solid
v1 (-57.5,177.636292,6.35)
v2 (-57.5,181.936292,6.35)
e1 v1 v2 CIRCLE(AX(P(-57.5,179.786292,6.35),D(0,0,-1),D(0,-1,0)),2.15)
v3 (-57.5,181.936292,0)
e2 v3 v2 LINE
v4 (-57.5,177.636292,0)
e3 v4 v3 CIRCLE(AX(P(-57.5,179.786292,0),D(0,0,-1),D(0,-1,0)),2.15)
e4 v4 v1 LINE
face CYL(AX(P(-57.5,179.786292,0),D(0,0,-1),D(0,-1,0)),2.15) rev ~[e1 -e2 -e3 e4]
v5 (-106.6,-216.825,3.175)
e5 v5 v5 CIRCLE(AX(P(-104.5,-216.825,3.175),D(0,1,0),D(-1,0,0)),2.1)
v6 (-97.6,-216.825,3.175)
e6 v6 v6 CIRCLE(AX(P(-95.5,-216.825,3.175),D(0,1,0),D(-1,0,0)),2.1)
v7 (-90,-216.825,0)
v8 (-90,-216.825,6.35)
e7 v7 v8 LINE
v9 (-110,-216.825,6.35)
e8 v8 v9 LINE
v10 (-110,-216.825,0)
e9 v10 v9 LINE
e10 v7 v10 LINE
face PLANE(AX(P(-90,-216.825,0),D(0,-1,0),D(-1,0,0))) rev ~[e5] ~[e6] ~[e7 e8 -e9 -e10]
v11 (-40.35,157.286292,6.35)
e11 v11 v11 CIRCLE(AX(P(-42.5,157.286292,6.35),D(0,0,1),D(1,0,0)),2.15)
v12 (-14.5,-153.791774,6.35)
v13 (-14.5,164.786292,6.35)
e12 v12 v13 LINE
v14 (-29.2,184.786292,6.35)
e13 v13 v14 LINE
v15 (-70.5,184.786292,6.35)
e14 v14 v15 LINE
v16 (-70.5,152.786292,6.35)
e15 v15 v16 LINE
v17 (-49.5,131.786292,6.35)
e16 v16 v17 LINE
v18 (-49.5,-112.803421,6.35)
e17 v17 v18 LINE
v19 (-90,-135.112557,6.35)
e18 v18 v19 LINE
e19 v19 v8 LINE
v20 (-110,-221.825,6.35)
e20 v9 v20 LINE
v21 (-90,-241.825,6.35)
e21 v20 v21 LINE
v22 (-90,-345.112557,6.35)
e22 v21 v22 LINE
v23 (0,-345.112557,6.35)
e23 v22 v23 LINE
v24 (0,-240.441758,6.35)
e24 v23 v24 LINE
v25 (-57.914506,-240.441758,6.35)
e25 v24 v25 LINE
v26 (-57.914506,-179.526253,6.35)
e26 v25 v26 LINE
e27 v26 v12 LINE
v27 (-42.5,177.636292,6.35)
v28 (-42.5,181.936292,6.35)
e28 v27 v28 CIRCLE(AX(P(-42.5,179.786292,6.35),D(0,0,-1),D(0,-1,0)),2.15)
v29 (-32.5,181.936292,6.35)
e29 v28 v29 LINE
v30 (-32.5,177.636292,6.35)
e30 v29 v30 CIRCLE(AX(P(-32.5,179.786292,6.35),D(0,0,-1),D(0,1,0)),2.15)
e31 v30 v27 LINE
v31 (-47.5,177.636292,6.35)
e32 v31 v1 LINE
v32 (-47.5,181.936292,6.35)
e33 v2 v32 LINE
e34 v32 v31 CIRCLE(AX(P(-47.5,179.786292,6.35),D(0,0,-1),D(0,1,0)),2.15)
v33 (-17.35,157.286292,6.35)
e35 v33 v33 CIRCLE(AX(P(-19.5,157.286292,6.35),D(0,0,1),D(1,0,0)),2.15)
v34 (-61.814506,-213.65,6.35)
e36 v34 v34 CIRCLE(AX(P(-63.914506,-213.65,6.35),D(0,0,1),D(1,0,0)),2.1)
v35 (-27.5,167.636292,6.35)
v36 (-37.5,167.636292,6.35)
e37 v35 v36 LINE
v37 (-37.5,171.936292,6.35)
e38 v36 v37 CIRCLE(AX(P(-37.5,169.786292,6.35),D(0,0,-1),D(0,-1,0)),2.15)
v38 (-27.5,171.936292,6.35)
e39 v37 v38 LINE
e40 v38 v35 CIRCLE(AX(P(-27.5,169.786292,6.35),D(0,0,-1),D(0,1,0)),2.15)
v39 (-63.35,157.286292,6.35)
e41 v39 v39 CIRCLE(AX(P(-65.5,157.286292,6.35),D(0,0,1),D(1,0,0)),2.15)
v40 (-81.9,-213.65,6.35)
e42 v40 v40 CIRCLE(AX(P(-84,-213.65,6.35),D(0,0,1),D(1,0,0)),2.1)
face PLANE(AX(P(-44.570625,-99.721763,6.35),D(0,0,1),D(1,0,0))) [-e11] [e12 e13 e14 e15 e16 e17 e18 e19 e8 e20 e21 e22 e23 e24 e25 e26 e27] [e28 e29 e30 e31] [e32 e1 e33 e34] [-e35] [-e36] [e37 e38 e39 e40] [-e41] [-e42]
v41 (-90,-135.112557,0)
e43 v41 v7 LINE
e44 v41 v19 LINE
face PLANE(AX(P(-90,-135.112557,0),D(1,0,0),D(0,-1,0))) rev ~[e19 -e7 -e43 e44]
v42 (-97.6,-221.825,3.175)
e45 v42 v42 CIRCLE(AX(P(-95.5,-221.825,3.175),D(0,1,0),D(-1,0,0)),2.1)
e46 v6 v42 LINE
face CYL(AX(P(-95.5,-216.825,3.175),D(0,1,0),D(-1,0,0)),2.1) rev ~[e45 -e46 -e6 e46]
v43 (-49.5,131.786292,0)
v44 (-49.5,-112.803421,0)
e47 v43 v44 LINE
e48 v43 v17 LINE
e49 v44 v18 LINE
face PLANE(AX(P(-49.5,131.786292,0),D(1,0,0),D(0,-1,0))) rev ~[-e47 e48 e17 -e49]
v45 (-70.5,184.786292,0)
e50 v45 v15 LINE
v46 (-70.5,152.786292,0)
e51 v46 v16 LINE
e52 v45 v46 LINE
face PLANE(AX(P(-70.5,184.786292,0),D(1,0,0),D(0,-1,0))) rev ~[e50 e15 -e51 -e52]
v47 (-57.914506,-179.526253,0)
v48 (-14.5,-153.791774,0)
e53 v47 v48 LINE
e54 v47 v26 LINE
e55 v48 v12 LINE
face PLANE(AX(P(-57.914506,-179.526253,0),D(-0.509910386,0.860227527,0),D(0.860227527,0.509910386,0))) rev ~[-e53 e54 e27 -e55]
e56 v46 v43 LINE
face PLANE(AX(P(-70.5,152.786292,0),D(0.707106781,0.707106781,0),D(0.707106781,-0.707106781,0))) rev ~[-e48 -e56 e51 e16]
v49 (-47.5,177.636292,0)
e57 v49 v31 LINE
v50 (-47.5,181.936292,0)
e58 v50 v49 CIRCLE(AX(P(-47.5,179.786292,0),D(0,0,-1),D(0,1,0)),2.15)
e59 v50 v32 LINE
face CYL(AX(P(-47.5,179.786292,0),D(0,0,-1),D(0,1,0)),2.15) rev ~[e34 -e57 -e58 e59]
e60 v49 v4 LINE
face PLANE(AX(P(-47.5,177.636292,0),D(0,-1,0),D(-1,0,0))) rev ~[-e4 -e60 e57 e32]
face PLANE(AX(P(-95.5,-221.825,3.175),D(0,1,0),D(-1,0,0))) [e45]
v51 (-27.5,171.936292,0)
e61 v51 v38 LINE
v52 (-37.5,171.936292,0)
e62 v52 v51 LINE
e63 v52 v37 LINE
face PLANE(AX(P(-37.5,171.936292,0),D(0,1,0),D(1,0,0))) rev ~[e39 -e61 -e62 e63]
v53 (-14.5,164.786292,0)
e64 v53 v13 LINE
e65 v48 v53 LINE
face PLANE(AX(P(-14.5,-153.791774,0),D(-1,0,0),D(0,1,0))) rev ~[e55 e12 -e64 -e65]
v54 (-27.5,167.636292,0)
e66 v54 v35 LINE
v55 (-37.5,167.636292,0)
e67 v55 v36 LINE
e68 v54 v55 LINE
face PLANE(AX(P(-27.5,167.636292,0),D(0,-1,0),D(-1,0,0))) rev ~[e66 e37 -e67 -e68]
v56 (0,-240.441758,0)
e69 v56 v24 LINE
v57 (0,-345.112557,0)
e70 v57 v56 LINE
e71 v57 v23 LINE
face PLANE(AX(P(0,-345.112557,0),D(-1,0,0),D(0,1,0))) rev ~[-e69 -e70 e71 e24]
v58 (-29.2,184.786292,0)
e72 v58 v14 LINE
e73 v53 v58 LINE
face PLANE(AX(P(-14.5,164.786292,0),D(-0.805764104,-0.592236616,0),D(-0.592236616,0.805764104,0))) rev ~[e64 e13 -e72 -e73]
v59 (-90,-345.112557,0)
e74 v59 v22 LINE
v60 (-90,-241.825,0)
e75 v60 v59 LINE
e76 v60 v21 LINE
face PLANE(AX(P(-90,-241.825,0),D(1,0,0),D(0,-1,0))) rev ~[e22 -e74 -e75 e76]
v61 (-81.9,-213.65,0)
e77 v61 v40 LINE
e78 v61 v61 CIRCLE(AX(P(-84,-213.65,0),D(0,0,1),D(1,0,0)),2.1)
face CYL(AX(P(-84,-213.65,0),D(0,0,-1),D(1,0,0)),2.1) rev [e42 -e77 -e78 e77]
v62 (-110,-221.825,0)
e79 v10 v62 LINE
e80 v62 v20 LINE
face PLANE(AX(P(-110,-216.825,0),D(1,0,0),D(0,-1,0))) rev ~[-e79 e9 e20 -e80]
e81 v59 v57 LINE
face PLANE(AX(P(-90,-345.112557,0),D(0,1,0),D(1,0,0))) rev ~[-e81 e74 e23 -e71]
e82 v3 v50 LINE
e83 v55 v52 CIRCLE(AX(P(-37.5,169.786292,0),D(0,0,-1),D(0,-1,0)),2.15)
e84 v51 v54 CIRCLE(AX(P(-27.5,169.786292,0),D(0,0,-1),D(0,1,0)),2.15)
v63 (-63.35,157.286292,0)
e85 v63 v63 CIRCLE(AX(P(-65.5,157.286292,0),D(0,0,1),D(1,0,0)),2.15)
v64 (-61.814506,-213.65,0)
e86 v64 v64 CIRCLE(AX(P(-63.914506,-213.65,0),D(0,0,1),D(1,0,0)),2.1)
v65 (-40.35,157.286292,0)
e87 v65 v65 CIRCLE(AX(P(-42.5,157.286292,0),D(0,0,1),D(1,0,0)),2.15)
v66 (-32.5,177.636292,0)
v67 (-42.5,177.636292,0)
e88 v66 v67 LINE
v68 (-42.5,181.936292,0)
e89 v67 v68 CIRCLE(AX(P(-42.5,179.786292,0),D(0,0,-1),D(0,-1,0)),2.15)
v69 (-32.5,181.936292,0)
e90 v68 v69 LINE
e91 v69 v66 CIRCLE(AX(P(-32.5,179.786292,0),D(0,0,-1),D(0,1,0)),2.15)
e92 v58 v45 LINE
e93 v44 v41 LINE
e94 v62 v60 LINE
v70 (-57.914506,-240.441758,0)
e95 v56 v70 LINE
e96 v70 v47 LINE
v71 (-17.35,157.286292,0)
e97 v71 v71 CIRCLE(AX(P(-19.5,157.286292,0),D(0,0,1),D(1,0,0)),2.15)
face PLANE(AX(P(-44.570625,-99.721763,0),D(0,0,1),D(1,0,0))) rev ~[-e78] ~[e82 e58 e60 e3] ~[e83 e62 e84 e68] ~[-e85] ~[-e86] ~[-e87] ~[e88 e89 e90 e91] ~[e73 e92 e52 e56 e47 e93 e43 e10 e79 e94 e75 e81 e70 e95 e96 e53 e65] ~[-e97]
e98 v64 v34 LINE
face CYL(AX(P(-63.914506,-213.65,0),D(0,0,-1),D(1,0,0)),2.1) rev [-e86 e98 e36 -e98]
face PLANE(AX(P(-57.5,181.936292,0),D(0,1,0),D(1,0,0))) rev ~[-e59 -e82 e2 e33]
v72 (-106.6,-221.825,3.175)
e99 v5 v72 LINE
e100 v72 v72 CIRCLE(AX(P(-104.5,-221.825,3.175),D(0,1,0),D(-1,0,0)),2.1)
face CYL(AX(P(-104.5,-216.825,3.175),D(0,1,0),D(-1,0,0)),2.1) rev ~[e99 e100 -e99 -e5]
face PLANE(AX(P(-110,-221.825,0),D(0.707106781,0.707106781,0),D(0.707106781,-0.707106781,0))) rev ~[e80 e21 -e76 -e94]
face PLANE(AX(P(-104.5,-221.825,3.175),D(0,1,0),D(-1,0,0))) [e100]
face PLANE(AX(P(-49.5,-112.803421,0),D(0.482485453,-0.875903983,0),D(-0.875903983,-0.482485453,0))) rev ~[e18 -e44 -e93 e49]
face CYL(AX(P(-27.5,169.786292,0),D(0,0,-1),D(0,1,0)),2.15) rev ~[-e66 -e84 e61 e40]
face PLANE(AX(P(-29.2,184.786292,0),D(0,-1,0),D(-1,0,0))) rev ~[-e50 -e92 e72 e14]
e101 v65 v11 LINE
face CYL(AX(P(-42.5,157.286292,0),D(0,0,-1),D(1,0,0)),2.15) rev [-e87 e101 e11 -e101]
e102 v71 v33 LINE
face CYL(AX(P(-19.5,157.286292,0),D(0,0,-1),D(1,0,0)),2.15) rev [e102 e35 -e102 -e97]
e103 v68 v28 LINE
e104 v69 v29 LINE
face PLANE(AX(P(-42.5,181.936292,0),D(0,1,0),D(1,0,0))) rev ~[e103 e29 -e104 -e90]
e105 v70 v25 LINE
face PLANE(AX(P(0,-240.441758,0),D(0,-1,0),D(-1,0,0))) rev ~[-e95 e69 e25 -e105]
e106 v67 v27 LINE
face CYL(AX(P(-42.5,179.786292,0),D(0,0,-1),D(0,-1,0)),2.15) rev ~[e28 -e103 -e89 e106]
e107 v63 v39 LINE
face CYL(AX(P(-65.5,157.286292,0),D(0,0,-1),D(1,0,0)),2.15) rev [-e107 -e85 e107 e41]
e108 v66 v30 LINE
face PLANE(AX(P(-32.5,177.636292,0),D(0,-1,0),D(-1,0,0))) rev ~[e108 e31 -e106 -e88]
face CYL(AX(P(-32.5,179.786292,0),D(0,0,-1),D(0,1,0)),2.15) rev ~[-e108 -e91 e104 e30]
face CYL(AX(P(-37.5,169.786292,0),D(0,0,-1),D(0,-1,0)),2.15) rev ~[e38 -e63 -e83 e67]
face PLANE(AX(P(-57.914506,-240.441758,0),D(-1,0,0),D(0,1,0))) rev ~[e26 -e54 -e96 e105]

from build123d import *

# Parameters (mm, degrees)
SKETCH1_R           = 2.15
SKETCH1_R_2         = 2.1
BOSS_EXTRUDE1_DEPTH = 6.35
SKETCH2_R           = 2.1
CUT_EXTRUDE1_DEPTH  = 5


with BuildPart() as part:
    # Sketch1 → Boss-Extrude1 (new body)
    with BuildSketch(Plane.XY):
        Polygon((-14.5, 164.786291501), (-29.2, 184.786291501), (-70.5, 184.786291501), (-70.5, 152.786291501), (-49.5, 131.786291501), (-49.5, -112.803421473), (-90, -135.112557197), (-90, -216.825), (-110, -216.825), (-110, -221.825), (-90, -241.825), (-90, -345.112557197), (0, -345.112557197), (0, -240.441757757), (-57.914505889, -240.441757757), (-57.914505889, -179.526253392), (-14.5, -153.791774149), align=None)
        with Locations((-19.5, 157.286291501)):
            Circle(SKETCH1_R, mode=Mode.SUBTRACT)
        with Locations((-42.5, 157.286291501)):
            Circle(SKETCH1_R, mode=Mode.SUBTRACT)
        with Locations((-65.5, 157.286291501)):
            Circle(SKETCH1_R, mode=Mode.SUBTRACT)
        with Locations((-84, -213.65)):
            Circle(SKETCH1_R_2, mode=Mode.SUBTRACT)
        with Locations((-63.914505889, -213.65)):
            Circle(SKETCH1_R_2, mode=Mode.SUBTRACT)
        with BuildLine():
            Line((-42.5, 181.936291501), (-32.5, 181.936291501))
            ThreePointArc((-32.5, 181.936291501), (-30.35, 179.786291501), (-32.5, 177.636291501))
            Line((-32.5, 177.636291501), (-42.5, 177.636291501))
            ThreePointArc((-42.5, 177.636291501), (-44.65, 179.786291501), (-42.5, 181.936291501))
        make_face(mode=Mode.SUBTRACT)
        with BuildLine():
            Line((-57.5, 181.936291501), (-47.5, 181.936291501))
            ThreePointArc((-47.5, 181.936291501), (-45.35, 179.786291501), (-47.5, 177.636291501))
            Line((-47.5, 177.636291501), (-57.5, 177.636291501))
            ThreePointArc((-57.5, 177.636291501), (-59.65, 179.786291501), (-57.5, 181.936291501))
        make_face(mode=Mode.SUBTRACT)
        with BuildLine():
            Line((-37.5, 171.936291501), (-27.5, 171.936291501))
            ThreePointArc((-27.5, 171.936291501), (-25.35, 169.786291501), (-27.5, 167.636291501))
            Line((-27.5, 167.636291501), (-37.5, 167.636291501))
            ThreePointArc((-37.5, 167.636291501), (-39.65, 169.786291501), (-37.5, 171.936291501))
        make_face(mode=Mode.SUBTRACT)
    extrude(amount=BOSS_EXTRUDE1_DEPTH)

    # Sketch2 → Cut-Extrude1 (cut)
    with BuildSketch(Plane(origin=(0, -216.825, 0), x_dir=(-1, 0, 0), z_dir=(0, 1, 0))):
        with Locations((95.5, 3.175)):
            Circle(SKETCH2_R)
        with Locations((104.5, 3.175)):
            Circle(SKETCH2_R)
    extrude(amount=-CUT_EXTRUDE1_DEPTH, mode=Mode.SUBTRACT)


solid = part.part
